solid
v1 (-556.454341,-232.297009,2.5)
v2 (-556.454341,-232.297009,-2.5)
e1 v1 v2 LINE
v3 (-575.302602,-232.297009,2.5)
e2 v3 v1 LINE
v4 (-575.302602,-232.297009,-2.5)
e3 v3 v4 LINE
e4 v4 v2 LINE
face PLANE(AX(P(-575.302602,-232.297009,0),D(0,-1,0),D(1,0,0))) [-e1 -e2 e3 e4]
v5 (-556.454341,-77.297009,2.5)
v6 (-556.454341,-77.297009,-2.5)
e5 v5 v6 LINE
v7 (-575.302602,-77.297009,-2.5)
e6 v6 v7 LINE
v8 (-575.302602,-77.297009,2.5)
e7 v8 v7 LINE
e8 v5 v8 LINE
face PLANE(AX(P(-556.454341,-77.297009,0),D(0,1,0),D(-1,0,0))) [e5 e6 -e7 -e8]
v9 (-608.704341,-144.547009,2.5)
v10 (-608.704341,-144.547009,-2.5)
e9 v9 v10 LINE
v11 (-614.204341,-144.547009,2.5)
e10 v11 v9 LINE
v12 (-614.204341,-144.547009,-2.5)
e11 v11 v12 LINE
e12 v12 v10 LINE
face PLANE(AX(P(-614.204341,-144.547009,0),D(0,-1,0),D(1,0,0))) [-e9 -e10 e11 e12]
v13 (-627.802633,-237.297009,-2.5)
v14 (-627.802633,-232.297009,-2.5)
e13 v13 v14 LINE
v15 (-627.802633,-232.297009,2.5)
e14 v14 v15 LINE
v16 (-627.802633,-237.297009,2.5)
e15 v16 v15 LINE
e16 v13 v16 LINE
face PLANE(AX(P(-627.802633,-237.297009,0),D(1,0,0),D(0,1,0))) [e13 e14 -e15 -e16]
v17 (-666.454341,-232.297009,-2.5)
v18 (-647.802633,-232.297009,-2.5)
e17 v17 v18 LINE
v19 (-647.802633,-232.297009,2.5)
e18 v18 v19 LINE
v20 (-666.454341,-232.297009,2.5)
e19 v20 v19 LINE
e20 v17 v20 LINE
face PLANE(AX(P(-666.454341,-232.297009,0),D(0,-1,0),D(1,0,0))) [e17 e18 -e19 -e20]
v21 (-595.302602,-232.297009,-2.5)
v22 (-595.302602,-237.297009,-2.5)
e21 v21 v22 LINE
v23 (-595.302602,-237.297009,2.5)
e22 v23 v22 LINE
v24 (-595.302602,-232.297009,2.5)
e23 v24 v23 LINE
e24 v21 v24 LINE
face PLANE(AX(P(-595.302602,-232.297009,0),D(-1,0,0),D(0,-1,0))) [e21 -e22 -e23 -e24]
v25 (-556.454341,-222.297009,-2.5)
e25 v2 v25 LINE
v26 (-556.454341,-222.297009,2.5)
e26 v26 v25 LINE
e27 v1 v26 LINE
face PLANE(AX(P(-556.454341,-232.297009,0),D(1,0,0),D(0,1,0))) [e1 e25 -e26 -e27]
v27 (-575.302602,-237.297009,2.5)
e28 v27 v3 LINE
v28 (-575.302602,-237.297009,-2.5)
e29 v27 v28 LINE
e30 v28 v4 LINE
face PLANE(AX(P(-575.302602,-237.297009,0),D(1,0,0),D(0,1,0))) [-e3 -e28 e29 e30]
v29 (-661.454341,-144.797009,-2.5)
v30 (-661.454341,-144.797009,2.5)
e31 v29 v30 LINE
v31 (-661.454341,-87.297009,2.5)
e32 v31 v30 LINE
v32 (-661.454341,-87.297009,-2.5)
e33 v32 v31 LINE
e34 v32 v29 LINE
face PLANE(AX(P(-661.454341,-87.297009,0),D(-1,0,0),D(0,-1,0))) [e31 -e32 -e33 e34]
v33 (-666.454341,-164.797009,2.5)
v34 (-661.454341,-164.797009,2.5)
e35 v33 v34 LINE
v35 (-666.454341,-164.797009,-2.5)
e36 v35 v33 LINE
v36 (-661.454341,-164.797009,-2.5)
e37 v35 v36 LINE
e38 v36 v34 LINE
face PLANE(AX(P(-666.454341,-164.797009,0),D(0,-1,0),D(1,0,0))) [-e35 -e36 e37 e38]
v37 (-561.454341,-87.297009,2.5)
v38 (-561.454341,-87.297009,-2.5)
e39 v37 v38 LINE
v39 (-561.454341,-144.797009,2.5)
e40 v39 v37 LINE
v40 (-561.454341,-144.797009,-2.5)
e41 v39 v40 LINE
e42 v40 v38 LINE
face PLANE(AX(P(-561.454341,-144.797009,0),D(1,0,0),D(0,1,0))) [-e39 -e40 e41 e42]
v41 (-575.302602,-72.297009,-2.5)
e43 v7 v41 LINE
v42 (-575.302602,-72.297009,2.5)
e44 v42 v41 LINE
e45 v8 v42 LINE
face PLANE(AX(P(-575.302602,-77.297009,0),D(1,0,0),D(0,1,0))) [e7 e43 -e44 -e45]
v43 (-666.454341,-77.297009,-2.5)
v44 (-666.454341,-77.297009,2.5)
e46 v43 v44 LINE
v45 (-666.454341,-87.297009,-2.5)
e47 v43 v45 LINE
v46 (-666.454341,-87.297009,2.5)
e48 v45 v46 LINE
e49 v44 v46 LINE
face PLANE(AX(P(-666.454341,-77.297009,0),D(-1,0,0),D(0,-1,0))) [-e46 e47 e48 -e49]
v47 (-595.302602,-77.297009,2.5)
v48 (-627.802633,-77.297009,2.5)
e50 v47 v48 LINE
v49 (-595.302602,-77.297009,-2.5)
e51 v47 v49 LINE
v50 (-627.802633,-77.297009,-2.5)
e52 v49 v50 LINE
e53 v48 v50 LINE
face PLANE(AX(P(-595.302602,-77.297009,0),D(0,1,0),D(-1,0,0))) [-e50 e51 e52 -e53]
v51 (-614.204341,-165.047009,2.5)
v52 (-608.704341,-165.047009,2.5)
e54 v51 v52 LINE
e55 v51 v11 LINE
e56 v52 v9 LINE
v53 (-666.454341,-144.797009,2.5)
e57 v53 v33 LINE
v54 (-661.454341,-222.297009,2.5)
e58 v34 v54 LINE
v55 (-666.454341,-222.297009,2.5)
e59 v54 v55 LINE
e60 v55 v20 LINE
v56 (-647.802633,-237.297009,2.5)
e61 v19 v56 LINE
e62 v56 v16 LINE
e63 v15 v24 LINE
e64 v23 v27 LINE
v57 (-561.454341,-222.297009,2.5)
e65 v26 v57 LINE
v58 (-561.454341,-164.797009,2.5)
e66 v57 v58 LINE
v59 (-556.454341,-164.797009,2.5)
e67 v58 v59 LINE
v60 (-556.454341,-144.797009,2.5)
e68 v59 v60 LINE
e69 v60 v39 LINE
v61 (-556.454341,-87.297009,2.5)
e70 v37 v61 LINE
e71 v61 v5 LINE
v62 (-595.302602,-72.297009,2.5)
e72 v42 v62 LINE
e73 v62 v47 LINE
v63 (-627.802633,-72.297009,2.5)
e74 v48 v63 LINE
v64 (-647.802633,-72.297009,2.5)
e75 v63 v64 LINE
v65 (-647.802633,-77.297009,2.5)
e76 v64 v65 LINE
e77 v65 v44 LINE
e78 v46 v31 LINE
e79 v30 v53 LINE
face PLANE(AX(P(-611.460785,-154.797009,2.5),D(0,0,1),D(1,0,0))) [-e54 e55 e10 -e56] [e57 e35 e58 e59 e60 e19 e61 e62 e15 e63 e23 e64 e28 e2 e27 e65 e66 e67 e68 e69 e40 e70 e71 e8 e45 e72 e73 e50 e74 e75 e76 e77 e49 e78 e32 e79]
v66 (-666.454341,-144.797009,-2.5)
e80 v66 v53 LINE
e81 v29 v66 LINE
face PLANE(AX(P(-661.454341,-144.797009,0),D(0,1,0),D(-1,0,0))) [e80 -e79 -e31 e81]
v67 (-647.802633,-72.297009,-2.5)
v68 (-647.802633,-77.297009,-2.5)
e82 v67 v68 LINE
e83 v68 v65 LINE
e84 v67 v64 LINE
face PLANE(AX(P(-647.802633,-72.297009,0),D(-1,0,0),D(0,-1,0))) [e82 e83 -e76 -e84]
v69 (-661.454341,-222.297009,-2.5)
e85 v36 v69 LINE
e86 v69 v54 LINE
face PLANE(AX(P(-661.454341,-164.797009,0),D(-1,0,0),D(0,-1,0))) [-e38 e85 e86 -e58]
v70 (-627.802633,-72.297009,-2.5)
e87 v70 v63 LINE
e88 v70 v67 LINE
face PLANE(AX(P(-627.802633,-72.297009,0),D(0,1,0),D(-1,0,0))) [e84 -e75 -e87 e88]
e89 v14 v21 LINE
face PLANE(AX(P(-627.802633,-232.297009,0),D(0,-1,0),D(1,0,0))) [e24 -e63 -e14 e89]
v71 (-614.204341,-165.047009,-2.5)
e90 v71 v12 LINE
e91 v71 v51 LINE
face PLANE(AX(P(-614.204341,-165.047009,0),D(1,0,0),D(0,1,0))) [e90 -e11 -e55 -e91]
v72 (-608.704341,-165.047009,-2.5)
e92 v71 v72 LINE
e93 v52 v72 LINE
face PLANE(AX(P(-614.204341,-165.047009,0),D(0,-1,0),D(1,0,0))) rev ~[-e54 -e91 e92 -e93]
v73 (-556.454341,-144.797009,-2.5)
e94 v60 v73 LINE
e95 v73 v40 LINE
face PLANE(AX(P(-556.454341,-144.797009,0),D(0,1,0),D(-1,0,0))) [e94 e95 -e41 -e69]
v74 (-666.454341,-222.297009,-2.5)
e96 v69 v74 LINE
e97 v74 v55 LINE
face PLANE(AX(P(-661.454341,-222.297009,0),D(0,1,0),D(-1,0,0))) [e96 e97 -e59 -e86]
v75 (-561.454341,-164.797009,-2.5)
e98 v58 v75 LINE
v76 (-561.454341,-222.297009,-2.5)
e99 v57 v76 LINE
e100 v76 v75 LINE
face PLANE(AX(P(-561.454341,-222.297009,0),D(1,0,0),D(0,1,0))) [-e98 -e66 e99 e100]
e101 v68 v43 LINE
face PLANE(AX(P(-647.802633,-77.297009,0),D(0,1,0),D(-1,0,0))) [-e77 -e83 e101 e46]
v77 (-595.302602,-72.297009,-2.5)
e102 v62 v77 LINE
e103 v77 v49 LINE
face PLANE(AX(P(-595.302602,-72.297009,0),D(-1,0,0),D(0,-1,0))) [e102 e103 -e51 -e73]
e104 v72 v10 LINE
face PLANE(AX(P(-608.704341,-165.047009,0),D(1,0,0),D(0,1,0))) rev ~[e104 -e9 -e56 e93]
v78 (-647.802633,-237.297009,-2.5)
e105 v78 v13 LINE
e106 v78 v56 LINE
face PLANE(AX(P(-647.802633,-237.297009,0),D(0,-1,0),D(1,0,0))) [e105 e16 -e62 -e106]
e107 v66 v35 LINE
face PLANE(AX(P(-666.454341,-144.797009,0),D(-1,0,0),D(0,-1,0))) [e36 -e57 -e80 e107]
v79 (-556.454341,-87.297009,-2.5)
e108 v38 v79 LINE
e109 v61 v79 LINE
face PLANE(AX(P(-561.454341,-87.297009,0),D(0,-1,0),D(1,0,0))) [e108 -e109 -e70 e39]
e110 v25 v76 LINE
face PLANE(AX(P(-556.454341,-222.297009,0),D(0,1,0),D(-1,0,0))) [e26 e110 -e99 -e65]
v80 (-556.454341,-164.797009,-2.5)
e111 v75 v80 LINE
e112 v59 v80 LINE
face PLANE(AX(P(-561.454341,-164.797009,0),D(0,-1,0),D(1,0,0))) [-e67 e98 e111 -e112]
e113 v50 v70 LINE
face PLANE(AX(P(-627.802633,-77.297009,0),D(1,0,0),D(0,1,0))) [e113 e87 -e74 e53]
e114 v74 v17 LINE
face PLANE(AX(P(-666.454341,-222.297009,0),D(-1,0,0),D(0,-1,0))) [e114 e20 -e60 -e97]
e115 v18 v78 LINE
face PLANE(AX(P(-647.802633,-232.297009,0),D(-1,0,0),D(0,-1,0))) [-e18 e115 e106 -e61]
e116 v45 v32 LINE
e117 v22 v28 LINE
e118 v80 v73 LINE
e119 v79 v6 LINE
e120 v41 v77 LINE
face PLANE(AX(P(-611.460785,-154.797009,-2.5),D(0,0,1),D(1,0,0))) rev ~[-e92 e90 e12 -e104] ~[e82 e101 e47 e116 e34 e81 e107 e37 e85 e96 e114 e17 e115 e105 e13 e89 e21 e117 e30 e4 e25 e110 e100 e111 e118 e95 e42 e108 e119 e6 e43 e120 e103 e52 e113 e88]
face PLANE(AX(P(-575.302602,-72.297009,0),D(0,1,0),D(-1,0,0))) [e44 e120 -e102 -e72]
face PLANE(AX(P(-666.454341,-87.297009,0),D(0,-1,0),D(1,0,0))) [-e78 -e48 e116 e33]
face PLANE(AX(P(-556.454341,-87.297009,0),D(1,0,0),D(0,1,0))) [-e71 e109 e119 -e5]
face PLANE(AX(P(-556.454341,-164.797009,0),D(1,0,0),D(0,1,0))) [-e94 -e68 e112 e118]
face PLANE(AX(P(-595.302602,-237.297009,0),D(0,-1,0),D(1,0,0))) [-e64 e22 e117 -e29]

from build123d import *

# Parameters (mm, degrees)
SKETCH2_W           = 5.5
SKETCH2_H           = 20.5
BOSS_EXTRUDE1_DEPTH = 2.5


with BuildPart() as part:
    # Sketch2 → Boss-Extrude1 (new, symmetric)
    with BuildSketch(Plane.XY):
        Polygon((-627.802632857, -77.297008648), (-627.802632857, -72.297008648), (-647.802632857, -72.297008648), (-647.802632857, -77.297008648), (-666.454340614, -77.297008648), (-666.454340614, -87.297008648), (-661.454340614, -87.297008648), (-661.454340614, -144.797008648), (-666.454340614, -144.797008648), (-666.454340614, -164.797008648), (-661.454340614, -164.797008648), (-661.454340614, -222.297008648), (-666.454340614, -222.297008648), (-666.454340614, -232.297008648), (-647.802632857, -232.297008648), (-647.802632857, -237.297008648), (-627.802632857, -237.297008648), (-627.802632857, -232.297008648), (-595.302601942, -232.297008648), (-595.302601942, -237.297008648), (-575.302601942, -237.297008648), (-575.302601942, -232.297008648), (-556.454340614, -232.297008648), (-556.454340614, -222.297008648), (-561.454340614, -222.297008648), (-561.454340614, -164.797008648), (-556.454340614, -164.797008648), (-556.454340614, -144.797008648), (-561.454340614, -144.797008648), (-561.454340614, -87.297008648), (-556.454340614, -87.297008648), (-556.454340614, -77.297008648), (-575.302601942, -77.297008648), (-575.302601942, -72.297008648), (-595.302601942, -72.297008648), (-595.302601942, -77.297008648), align=None)
        with Locations((-611.454340614, -154.797008648)):
            Rectangle(SKETCH2_W, SKETCH2_H, mode=Mode.SUBTRACT)
    extrude(amount=BOSS_EXTRUDE1_DEPTH, both=True)


solid = part.part
